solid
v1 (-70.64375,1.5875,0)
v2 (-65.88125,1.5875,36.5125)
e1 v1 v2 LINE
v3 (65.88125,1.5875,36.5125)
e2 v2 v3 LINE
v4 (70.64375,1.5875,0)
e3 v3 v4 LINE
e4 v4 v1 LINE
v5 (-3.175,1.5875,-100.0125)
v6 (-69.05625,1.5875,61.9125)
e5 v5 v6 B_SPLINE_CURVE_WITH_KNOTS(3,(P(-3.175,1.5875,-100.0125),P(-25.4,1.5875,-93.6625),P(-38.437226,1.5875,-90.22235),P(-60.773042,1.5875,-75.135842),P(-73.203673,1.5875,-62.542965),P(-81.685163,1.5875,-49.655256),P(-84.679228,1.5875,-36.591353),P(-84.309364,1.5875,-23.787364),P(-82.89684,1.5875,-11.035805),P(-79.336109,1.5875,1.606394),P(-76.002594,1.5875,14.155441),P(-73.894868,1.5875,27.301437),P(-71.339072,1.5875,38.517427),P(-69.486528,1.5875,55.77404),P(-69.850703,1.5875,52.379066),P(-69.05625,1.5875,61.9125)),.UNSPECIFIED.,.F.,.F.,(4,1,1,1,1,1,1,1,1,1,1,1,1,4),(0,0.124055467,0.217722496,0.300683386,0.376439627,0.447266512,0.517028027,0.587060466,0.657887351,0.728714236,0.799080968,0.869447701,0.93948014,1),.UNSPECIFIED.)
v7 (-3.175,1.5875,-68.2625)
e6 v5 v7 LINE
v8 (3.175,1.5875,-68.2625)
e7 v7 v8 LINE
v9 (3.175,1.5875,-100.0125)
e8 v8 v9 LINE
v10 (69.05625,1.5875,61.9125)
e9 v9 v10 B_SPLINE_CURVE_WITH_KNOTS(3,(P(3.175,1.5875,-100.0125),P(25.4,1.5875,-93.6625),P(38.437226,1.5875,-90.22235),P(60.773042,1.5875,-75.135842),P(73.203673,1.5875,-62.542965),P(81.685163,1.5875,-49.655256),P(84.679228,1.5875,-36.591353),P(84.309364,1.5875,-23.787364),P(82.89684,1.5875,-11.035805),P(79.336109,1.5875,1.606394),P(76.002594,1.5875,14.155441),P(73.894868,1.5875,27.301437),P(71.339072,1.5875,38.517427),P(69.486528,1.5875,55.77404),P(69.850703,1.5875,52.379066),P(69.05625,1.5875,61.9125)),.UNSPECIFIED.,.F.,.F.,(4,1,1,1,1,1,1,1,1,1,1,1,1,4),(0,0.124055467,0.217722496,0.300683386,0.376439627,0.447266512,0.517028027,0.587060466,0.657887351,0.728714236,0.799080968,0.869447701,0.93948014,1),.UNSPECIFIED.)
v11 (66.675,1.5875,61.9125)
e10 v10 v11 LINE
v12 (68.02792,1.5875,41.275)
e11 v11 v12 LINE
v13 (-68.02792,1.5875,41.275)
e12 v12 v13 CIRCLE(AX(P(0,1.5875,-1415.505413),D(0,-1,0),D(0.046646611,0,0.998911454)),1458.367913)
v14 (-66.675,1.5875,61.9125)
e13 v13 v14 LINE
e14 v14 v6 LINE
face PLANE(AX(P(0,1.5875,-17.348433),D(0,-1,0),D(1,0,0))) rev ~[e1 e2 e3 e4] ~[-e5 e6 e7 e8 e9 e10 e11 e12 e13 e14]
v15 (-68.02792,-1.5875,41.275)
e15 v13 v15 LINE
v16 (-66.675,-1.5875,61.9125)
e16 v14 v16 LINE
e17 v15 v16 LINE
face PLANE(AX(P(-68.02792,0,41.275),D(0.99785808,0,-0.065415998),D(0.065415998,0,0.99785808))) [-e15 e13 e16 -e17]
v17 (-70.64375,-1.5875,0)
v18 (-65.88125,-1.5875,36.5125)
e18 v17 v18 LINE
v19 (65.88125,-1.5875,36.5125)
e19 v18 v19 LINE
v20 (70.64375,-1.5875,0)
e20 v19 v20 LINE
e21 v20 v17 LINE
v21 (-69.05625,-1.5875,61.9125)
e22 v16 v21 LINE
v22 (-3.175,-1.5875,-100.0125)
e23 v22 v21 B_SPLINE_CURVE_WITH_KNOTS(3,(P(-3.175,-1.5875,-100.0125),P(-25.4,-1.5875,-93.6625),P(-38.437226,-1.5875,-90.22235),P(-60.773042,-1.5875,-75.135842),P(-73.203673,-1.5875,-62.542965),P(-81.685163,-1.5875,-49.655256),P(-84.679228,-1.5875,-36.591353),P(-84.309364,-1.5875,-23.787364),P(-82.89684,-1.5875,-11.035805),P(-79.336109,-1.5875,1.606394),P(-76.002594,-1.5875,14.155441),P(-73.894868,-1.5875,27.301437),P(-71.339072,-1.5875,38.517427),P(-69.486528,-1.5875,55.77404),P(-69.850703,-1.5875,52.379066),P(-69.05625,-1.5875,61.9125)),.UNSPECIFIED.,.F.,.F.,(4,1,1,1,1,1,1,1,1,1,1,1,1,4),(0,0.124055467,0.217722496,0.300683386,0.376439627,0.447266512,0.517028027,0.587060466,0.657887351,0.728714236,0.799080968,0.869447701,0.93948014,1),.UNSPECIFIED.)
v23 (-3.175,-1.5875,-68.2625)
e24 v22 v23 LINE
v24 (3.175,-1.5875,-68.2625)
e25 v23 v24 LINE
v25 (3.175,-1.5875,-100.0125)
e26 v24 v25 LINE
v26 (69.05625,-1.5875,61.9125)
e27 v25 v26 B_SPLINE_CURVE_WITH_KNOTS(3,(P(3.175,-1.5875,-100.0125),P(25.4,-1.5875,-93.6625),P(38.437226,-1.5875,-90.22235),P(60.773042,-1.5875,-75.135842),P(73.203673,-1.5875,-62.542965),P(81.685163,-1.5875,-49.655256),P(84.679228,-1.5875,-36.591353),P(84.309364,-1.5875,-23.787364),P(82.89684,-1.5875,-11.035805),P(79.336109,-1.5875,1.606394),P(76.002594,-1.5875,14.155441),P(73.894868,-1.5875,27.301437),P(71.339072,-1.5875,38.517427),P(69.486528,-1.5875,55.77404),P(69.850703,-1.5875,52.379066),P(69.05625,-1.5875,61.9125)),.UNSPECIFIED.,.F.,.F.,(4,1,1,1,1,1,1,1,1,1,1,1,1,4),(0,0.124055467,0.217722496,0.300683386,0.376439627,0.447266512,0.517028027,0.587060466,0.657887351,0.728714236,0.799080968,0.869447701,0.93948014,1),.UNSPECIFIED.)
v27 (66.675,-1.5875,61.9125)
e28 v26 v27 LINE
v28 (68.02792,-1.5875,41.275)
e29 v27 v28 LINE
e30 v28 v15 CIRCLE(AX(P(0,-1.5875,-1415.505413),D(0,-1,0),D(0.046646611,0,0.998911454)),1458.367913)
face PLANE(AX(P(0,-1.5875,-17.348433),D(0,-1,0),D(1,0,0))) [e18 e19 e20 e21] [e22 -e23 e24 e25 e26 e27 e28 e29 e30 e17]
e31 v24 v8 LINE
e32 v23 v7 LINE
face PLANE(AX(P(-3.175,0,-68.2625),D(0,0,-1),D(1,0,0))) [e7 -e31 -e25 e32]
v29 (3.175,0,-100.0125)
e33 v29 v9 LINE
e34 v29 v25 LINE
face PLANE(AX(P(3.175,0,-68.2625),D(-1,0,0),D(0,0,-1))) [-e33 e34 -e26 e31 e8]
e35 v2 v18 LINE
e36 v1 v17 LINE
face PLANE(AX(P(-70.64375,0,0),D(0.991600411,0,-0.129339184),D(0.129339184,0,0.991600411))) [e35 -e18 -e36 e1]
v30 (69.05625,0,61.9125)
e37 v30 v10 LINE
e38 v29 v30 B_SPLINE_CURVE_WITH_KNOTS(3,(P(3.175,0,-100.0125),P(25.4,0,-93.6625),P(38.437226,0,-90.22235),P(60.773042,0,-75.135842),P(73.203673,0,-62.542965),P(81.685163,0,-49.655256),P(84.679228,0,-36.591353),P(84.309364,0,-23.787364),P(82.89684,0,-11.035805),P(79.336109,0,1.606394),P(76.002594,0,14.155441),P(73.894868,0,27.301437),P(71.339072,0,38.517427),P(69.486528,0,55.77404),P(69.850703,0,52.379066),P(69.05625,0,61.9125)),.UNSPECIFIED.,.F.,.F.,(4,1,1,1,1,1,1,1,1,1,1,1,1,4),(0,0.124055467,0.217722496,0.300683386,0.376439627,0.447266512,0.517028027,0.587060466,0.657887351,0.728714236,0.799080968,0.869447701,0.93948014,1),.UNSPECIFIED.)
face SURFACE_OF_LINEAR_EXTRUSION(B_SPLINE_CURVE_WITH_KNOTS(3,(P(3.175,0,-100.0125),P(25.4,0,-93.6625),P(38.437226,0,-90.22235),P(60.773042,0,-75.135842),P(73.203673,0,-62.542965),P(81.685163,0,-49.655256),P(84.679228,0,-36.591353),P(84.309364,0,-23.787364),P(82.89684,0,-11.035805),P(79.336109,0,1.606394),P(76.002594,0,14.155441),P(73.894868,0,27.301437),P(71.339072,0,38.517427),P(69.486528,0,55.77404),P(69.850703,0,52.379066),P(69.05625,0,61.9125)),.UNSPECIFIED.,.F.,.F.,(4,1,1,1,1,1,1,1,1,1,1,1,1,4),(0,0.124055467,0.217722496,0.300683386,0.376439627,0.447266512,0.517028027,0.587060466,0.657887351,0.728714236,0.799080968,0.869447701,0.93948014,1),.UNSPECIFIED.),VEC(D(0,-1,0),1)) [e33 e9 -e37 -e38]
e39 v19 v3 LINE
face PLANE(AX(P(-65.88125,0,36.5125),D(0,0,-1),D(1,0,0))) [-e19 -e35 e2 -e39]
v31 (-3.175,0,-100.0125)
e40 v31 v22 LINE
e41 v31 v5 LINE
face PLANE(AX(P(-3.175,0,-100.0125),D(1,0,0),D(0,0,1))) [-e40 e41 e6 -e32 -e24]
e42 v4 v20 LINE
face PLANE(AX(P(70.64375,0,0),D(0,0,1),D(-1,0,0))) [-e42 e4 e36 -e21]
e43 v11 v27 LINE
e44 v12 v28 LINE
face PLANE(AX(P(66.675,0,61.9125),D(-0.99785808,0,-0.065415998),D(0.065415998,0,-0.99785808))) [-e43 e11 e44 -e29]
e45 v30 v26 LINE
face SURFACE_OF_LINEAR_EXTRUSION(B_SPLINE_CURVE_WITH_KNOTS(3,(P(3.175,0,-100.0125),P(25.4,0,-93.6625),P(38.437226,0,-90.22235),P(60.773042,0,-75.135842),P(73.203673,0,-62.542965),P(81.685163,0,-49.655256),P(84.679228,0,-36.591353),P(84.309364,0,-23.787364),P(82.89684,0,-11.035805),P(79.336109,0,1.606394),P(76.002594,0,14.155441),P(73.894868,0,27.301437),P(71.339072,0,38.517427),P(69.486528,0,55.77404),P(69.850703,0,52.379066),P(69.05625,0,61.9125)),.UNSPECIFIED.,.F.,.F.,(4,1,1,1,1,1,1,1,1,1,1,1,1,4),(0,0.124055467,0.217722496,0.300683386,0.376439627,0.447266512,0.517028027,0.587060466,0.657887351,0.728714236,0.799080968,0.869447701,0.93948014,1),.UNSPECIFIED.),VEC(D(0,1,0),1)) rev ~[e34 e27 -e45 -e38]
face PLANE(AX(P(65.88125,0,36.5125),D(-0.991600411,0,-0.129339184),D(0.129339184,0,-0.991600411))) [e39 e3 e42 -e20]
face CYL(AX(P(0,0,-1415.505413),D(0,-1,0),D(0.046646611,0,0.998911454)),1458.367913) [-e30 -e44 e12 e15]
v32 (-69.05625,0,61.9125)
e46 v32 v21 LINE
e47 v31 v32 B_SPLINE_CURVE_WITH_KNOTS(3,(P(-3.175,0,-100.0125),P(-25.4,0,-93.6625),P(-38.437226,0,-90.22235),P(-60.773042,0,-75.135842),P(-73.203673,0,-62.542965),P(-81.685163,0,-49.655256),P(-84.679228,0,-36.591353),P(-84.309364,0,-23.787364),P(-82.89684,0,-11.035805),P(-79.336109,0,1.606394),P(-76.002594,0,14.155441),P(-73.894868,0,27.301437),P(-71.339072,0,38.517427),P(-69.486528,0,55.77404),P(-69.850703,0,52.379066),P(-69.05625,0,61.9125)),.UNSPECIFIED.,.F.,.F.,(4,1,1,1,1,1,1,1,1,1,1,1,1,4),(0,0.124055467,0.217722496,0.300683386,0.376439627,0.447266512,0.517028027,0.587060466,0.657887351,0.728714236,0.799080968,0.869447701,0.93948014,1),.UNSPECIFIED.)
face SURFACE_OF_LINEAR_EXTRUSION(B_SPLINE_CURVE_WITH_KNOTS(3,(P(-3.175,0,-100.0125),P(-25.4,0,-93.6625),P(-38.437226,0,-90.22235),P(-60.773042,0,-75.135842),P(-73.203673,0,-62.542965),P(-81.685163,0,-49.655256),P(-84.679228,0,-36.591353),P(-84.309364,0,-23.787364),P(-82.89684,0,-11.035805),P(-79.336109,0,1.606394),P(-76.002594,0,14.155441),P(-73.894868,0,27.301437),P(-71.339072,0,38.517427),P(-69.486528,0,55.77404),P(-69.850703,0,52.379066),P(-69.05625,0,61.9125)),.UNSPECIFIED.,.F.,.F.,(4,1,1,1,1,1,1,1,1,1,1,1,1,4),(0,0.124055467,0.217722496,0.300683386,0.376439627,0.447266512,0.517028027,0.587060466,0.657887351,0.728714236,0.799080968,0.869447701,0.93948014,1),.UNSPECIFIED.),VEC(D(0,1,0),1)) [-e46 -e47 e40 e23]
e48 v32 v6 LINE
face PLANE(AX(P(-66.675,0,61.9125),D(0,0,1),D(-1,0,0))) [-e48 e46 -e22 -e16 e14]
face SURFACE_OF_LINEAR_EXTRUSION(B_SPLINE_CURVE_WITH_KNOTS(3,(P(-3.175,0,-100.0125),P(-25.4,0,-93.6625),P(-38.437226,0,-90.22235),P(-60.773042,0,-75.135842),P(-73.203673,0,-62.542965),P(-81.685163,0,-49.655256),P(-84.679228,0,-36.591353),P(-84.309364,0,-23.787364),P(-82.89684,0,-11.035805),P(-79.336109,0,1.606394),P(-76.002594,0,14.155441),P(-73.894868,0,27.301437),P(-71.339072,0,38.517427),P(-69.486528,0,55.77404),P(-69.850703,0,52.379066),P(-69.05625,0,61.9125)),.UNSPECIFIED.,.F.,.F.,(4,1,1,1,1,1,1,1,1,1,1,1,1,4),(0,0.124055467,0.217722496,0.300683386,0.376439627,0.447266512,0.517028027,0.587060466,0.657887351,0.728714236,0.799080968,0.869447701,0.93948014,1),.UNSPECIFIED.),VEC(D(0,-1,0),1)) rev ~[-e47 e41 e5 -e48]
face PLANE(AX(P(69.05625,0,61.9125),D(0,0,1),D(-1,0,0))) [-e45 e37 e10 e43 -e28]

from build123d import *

# Parameters (mm, degrees)
F1_DEPTH = 1.5875


with BuildPart() as f1:
    # F0 (on Front) → F1 (new body, symmetric)
    with BuildSketch(Plane.XZ):
        with BuildLine():
            Line((3.175, -68.2625), (3.175, -100.0125))
            add(Edge.make_bspline(
                [(3.175, -100.0125), (25.4, -93.6625), (38.4372263933, -90.2223504475), (60.7730419359, -75.1358418001), (73.2036727094, -62.5429653931), (81.6851629227, -49.6552562829), (84.6792278791, -36.5913534703), (84.3093636887, -23.7873639448), (82.8968397308, -11.0358049987), (79.336109421, 1.6063935914), (76.0025941741, 14.1554405931), (73.8948680964, 27.3014374499), (71.3390715502, 38.5174269709), (69.4865276114, 55.7740404234), (69.8507028524, 52.3790657716), (69.05625, 61.9125)],
                knots=[0, 0, 0, 0, 0.1240554666, 0.2177224959, 0.3006833864, 0.376439627, 0.4472665119, 0.5170280274, 0.5870604664, 0.6578873513, 0.7287142362, 0.7990809685, 0.8694477008, 0.9394801399, 1, 1, 1, 1], degree=3))
            Line((69.05625, 61.9125), (66.675, 61.9125))
            Line((66.675, 61.9125), (68.0279204986, 41.275))
            ThreePointArc((68.0279204986, 41.275), (0, 42.8625), (-68.0279204986, 41.275))
            Line((-68.0279204986, 41.275), (-66.675, 61.9125))
            Line((-66.675, 61.9125), (-69.05625, 61.9125))
            add(Edge.make_bspline(
                [(-3.175, -100.0125), (-25.4, -93.6625), (-38.4372263933, -90.2223504475), (-60.7730419359, -75.1358418001), (-73.2036727094, -62.5429653931), (-81.6851629227, -49.6552562829), (-84.6792278791, -36.5913534703), (-84.3093636887, -23.7873639448), (-82.8968397308, -11.0358049987), (-79.336109421, 1.6063935914), (-76.0025941741, 14.1554405931), (-73.8948680964, 27.3014374499), (-71.3390715502, 38.5174269709), (-69.4865276114, 55.7740404234), (-69.8507028524, 52.3790657716), (-69.05625, 61.9125)],
                knots=[0, 0, 0, 0, 0.1240554666, 0.2177224959, 0.3006833864, 0.376439627, 0.4472665119, 0.5170280274, 0.5870604664, 0.6578873513, 0.7287142362, 0.7990809685, 0.8694477008, 0.9394801399, 1, 1, 1, 1], degree=3))
            Line((-3.175, -100.0125), (-3.175, -68.2625))
            Line((-3.175, -68.2625), (0, -68.2625))
            Line((0, -68.2625), (3.175, -68.2625))
        make_face()
        Polygon((70.64375, 0), (0, 0), (-70.64375, 0), (-65.88125, 36.5125), (0, 36.5125), (65.88125, 36.5125), align=None, mode=Mode.SUBTRACT)
    extrude(amount=F1_DEPTH, both=True)


solid = f1.part
